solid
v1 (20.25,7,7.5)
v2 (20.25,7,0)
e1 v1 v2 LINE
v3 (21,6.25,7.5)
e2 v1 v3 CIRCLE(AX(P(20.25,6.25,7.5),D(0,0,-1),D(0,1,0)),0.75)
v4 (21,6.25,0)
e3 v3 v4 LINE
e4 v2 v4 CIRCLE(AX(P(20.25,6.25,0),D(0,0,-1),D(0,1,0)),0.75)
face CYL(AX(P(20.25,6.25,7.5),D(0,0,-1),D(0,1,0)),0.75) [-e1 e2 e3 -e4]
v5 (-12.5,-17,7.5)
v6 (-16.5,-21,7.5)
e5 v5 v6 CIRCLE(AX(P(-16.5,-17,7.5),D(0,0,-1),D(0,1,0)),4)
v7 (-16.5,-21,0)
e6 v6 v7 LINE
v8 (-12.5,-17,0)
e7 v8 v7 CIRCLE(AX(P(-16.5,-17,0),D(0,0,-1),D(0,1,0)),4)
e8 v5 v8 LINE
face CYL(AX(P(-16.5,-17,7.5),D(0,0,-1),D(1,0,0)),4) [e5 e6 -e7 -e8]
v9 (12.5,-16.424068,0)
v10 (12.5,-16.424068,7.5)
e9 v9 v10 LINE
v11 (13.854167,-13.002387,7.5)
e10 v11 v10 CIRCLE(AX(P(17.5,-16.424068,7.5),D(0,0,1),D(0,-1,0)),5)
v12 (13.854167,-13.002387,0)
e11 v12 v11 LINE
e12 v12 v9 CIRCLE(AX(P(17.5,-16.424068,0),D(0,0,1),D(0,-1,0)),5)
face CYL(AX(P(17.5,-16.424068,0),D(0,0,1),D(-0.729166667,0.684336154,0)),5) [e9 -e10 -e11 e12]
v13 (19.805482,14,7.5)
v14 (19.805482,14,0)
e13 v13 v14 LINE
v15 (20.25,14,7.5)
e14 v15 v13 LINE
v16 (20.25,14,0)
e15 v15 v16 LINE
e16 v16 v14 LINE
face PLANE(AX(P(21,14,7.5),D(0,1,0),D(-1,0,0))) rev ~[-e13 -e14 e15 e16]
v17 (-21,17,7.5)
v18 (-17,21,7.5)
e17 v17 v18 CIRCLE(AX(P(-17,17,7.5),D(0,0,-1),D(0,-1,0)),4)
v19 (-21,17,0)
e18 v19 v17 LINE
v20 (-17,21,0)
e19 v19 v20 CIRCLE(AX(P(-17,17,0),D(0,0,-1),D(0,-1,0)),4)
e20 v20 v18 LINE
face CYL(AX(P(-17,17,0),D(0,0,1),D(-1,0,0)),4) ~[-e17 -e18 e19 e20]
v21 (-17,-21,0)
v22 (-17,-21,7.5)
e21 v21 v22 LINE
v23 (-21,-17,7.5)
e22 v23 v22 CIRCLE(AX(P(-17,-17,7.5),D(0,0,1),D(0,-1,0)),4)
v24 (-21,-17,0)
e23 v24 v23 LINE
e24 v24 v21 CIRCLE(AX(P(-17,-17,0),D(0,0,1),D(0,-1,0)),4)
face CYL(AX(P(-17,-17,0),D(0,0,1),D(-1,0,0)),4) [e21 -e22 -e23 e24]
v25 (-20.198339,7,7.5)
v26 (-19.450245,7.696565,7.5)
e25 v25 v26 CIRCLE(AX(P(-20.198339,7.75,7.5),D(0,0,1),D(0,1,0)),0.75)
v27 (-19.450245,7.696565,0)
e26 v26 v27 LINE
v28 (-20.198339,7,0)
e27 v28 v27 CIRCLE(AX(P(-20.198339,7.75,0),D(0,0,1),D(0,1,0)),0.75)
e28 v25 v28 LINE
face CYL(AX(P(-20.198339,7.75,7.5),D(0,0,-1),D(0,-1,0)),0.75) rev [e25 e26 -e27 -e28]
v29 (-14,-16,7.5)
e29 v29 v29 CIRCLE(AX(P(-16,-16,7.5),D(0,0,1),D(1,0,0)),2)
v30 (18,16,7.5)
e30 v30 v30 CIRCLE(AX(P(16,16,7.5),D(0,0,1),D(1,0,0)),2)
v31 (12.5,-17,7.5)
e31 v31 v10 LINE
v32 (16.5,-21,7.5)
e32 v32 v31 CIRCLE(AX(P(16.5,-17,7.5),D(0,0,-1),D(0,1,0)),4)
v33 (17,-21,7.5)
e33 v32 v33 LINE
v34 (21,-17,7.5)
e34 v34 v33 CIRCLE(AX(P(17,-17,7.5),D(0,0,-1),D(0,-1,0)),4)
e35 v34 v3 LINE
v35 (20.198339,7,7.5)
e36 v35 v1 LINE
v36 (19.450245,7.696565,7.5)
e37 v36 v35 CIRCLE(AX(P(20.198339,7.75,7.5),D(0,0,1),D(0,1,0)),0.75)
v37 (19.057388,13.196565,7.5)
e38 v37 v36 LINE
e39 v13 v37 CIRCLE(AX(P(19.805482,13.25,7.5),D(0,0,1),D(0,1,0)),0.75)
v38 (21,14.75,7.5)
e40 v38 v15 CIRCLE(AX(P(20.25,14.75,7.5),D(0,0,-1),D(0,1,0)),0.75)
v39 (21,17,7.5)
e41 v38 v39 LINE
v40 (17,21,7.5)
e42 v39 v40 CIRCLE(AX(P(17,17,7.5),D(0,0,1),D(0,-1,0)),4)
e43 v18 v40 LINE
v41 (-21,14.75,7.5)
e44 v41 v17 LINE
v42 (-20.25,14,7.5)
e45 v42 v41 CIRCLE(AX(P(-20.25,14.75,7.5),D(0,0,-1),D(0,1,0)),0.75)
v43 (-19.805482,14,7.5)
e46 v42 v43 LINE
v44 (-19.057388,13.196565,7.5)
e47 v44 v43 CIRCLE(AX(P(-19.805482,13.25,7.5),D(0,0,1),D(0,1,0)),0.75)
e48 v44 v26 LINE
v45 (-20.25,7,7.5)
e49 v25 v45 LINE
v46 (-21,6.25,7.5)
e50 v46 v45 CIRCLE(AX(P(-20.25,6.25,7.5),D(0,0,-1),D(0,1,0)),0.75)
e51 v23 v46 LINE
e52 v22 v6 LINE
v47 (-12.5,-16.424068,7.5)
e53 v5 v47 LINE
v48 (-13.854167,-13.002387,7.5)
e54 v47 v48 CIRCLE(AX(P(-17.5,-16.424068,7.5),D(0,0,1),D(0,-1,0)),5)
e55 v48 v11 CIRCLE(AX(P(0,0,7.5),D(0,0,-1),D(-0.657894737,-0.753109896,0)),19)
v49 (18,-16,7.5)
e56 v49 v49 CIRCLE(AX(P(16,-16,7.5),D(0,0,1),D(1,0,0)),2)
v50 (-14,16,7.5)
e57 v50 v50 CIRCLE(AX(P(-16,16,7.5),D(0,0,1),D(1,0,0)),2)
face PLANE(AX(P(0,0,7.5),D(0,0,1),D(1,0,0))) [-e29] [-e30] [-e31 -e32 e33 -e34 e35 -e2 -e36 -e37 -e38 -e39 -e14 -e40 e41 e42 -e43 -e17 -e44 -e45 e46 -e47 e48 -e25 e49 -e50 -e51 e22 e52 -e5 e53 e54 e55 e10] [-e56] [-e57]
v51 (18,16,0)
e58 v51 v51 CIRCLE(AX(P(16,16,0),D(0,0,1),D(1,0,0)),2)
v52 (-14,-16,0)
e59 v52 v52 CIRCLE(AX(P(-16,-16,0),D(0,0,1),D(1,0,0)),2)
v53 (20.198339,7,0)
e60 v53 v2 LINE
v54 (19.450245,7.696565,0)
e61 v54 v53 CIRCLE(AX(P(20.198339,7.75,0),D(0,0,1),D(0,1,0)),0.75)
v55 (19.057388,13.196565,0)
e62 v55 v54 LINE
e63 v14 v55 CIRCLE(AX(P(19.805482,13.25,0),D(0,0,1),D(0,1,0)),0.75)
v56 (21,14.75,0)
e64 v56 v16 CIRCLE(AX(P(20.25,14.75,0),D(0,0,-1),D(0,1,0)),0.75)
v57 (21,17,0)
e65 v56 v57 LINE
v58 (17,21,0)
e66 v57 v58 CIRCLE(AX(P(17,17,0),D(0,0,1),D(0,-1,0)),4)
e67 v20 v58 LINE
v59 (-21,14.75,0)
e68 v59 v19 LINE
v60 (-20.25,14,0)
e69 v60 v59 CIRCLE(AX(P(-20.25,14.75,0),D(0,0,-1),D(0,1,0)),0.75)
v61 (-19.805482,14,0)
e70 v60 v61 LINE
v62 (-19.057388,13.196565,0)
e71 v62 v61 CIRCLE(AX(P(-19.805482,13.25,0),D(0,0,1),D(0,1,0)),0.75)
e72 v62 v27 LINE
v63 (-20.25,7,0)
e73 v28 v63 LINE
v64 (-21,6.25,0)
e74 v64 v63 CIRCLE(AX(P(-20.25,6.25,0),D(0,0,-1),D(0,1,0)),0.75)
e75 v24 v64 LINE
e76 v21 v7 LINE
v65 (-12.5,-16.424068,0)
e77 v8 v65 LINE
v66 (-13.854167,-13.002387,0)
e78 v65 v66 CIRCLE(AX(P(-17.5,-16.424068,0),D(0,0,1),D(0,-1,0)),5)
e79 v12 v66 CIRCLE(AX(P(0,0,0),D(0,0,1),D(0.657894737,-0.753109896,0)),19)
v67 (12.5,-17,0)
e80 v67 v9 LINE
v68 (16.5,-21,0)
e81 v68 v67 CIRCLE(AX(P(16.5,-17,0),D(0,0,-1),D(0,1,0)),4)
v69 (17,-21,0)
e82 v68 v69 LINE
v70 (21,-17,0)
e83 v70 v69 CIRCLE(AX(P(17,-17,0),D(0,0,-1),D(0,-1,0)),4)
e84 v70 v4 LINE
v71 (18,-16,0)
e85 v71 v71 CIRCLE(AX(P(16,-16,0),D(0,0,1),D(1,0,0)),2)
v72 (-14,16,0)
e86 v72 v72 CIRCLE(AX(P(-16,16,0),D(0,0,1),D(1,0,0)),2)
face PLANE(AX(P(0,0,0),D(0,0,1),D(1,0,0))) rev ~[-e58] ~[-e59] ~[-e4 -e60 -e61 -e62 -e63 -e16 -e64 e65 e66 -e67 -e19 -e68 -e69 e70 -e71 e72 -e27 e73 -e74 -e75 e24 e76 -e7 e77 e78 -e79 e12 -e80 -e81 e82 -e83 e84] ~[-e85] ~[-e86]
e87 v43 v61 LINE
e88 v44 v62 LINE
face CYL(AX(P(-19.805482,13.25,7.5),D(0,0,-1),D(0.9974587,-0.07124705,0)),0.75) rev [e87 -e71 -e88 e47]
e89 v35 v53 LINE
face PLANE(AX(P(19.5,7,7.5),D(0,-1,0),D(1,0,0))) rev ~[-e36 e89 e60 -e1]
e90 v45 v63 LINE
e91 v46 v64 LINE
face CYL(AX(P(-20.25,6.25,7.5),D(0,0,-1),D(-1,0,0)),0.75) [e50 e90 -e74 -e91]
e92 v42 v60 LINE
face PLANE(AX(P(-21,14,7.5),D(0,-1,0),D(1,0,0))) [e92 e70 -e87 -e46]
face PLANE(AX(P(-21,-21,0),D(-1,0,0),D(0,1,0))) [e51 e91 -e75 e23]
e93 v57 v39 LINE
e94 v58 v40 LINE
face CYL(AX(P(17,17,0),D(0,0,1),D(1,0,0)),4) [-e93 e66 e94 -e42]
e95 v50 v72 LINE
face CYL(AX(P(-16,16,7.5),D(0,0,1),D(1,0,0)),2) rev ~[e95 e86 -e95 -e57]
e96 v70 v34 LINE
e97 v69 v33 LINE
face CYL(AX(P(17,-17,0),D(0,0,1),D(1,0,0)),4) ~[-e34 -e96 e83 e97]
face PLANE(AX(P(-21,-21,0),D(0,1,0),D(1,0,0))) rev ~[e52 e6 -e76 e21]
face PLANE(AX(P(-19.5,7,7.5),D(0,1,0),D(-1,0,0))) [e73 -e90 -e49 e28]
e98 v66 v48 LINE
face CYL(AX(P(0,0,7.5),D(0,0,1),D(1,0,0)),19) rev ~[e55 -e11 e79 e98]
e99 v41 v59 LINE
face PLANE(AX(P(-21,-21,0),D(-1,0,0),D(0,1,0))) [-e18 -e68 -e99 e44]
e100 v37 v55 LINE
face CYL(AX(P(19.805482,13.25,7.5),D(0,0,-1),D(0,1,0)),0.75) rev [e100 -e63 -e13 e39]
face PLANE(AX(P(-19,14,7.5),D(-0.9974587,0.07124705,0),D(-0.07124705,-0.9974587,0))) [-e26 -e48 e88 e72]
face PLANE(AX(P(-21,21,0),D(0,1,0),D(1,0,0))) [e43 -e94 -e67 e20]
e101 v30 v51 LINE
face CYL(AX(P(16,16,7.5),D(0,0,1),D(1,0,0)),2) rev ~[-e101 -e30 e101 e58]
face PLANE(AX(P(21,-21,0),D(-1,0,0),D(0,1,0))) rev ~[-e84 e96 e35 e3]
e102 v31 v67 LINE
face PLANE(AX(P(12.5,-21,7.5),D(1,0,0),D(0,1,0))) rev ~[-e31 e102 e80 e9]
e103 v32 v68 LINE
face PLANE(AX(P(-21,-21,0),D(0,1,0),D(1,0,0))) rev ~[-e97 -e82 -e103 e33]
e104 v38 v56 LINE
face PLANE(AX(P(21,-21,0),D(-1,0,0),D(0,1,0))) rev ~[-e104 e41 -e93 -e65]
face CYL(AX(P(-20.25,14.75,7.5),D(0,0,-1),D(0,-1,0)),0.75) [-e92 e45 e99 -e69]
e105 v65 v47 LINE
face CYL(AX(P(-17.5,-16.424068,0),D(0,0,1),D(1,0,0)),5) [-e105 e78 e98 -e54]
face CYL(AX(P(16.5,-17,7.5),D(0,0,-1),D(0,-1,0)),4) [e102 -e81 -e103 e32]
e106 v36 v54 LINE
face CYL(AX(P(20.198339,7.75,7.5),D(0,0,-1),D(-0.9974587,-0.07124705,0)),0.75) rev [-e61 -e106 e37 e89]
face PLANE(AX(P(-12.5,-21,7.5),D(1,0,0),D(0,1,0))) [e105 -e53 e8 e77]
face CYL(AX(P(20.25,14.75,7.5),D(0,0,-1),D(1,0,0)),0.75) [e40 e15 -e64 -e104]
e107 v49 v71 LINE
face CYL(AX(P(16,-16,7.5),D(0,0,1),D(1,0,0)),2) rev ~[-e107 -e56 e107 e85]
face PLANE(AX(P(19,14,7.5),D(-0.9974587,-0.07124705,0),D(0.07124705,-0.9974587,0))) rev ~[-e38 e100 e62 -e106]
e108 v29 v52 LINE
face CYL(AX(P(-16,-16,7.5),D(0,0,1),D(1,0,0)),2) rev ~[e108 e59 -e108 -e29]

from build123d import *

# Parameters (mm, degrees)
CROQUIS1_W              = 42
CROQUIS1_H              = 42
SALIENTE_EXTRUIR1_DEPTH = 7.5
CROQUIS2_R              = 19
CORTAR_EXTRUIR1_DEPTH   = 8.5
CROQUIS3_R              = 2
CORTAR_EXTRUIR2_DEPTH   = 8.5
CROQUIS4_W              = 25
CROQUIS4_H              = 33.5
CORTAR_EXTRUIR3_DEPTH   = 8.5
REDONDEO1_R             = 4
REDONDEO2_R             = 5
CORTAR_EXTRUIR4_DEPTH   = 8.5
REDONDEO3_R             = 0.75


with BuildPart() as part:
    # Croquis1 → Saliente-Extruir1 (new body)
    with BuildSketch(Plane.XY):
        Rectangle(CROQUIS1_W, CROQUIS1_H)
    extrude(amount=SALIENTE_EXTRUIR1_DEPTH)

    # Croquis2 → Cortar-Extruir1 (cut, through all)
    with BuildSketch(Plane.XY.offset(7.5)):
        Circle(CROQUIS2_R)
    extrude(amount=-CORTAR_EXTRUIR1_DEPTH, mode=Mode.SUBTRACT)

    # Croquis3 → Cortar-Extruir2 (cut, through all)
    with BuildSketch(Plane.XY.offset(7.5)):
        with Locations((-16, 16)):
            Circle(CROQUIS3_R)
        with Locations((16, 16)):
            Circle(CROQUIS3_R)
        with Locations((16, -16)):
            Circle(CROQUIS3_R)
        with Locations((-16, -16)):
            Circle(CROQUIS3_R)
    extrude(amount=-CORTAR_EXTRUIR2_DEPTH, mode=Mode.SUBTRACT)

    # Croquis4 → Cortar-Extruir3 (cut, through all)
    with BuildSketch(Plane.XY.offset(7.5)):
        with Locations((0, -4.25)):
            Rectangle(CROQUIS4_W, CROQUIS4_H)
    extrude(amount=-CORTAR_EXTRUIR3_DEPTH, mode=Mode.SUBTRACT)

    # Redondeo1
    redondeo1_edges = [part.edges().sort_by_distance(p)[0] for p in [
        (-12.5, -21, 3.75),
        (12.5, -21, 3.75),
        (-21, 21, 3.75),
        (21, 21, 3.75),
        (21, -21, 3.75),
        (-21, -21, 3.75),
    ]]
    fillet(redondeo1_edges, radius=REDONDEO1_R)

    # Redondeo2
    redondeo2_edges = [part.edges().sort_by_distance(p)[0] for p in [
        (12.5, -14.309088021, 3.75),
        (-12.5, -14.309088021, 3.75),
    ]]
    fillet(redondeo2_edges, radius=REDONDEO2_R)

    # Croquis5 → Cortar-Extruir4 (cut, through all)
    with BuildSketch(Plane.XY.offset(7.5)):
        Polygon((-21, 7), (-21, 14), (-19, 14), (-19.5, 7), align=None)
        Polygon((21, 14), (19, 14), (19.5, 7), (21, 7), align=None)
    extrude(amount=-CORTAR_EXTRUIR4_DEPTH, mode=Mode.SUBTRACT)

    # Redondeo3
    redondeo3_edges = [part.edges().sort_by_distance(p)[0] for p in [
        (-19.5, 7, 3.75),
        (-21, 7, 3.75),
        (-21, 14, 3.75),
        (-19, 14, 3.75),
        (21, 14, 3.75),
        (21, 7, 3.75),
        (19.5, 7, 3.75),
        (19, 14, 3.75),
    ]]
    fillet(redondeo3_edges, radius=REDONDEO3_R)


solid = part.part
